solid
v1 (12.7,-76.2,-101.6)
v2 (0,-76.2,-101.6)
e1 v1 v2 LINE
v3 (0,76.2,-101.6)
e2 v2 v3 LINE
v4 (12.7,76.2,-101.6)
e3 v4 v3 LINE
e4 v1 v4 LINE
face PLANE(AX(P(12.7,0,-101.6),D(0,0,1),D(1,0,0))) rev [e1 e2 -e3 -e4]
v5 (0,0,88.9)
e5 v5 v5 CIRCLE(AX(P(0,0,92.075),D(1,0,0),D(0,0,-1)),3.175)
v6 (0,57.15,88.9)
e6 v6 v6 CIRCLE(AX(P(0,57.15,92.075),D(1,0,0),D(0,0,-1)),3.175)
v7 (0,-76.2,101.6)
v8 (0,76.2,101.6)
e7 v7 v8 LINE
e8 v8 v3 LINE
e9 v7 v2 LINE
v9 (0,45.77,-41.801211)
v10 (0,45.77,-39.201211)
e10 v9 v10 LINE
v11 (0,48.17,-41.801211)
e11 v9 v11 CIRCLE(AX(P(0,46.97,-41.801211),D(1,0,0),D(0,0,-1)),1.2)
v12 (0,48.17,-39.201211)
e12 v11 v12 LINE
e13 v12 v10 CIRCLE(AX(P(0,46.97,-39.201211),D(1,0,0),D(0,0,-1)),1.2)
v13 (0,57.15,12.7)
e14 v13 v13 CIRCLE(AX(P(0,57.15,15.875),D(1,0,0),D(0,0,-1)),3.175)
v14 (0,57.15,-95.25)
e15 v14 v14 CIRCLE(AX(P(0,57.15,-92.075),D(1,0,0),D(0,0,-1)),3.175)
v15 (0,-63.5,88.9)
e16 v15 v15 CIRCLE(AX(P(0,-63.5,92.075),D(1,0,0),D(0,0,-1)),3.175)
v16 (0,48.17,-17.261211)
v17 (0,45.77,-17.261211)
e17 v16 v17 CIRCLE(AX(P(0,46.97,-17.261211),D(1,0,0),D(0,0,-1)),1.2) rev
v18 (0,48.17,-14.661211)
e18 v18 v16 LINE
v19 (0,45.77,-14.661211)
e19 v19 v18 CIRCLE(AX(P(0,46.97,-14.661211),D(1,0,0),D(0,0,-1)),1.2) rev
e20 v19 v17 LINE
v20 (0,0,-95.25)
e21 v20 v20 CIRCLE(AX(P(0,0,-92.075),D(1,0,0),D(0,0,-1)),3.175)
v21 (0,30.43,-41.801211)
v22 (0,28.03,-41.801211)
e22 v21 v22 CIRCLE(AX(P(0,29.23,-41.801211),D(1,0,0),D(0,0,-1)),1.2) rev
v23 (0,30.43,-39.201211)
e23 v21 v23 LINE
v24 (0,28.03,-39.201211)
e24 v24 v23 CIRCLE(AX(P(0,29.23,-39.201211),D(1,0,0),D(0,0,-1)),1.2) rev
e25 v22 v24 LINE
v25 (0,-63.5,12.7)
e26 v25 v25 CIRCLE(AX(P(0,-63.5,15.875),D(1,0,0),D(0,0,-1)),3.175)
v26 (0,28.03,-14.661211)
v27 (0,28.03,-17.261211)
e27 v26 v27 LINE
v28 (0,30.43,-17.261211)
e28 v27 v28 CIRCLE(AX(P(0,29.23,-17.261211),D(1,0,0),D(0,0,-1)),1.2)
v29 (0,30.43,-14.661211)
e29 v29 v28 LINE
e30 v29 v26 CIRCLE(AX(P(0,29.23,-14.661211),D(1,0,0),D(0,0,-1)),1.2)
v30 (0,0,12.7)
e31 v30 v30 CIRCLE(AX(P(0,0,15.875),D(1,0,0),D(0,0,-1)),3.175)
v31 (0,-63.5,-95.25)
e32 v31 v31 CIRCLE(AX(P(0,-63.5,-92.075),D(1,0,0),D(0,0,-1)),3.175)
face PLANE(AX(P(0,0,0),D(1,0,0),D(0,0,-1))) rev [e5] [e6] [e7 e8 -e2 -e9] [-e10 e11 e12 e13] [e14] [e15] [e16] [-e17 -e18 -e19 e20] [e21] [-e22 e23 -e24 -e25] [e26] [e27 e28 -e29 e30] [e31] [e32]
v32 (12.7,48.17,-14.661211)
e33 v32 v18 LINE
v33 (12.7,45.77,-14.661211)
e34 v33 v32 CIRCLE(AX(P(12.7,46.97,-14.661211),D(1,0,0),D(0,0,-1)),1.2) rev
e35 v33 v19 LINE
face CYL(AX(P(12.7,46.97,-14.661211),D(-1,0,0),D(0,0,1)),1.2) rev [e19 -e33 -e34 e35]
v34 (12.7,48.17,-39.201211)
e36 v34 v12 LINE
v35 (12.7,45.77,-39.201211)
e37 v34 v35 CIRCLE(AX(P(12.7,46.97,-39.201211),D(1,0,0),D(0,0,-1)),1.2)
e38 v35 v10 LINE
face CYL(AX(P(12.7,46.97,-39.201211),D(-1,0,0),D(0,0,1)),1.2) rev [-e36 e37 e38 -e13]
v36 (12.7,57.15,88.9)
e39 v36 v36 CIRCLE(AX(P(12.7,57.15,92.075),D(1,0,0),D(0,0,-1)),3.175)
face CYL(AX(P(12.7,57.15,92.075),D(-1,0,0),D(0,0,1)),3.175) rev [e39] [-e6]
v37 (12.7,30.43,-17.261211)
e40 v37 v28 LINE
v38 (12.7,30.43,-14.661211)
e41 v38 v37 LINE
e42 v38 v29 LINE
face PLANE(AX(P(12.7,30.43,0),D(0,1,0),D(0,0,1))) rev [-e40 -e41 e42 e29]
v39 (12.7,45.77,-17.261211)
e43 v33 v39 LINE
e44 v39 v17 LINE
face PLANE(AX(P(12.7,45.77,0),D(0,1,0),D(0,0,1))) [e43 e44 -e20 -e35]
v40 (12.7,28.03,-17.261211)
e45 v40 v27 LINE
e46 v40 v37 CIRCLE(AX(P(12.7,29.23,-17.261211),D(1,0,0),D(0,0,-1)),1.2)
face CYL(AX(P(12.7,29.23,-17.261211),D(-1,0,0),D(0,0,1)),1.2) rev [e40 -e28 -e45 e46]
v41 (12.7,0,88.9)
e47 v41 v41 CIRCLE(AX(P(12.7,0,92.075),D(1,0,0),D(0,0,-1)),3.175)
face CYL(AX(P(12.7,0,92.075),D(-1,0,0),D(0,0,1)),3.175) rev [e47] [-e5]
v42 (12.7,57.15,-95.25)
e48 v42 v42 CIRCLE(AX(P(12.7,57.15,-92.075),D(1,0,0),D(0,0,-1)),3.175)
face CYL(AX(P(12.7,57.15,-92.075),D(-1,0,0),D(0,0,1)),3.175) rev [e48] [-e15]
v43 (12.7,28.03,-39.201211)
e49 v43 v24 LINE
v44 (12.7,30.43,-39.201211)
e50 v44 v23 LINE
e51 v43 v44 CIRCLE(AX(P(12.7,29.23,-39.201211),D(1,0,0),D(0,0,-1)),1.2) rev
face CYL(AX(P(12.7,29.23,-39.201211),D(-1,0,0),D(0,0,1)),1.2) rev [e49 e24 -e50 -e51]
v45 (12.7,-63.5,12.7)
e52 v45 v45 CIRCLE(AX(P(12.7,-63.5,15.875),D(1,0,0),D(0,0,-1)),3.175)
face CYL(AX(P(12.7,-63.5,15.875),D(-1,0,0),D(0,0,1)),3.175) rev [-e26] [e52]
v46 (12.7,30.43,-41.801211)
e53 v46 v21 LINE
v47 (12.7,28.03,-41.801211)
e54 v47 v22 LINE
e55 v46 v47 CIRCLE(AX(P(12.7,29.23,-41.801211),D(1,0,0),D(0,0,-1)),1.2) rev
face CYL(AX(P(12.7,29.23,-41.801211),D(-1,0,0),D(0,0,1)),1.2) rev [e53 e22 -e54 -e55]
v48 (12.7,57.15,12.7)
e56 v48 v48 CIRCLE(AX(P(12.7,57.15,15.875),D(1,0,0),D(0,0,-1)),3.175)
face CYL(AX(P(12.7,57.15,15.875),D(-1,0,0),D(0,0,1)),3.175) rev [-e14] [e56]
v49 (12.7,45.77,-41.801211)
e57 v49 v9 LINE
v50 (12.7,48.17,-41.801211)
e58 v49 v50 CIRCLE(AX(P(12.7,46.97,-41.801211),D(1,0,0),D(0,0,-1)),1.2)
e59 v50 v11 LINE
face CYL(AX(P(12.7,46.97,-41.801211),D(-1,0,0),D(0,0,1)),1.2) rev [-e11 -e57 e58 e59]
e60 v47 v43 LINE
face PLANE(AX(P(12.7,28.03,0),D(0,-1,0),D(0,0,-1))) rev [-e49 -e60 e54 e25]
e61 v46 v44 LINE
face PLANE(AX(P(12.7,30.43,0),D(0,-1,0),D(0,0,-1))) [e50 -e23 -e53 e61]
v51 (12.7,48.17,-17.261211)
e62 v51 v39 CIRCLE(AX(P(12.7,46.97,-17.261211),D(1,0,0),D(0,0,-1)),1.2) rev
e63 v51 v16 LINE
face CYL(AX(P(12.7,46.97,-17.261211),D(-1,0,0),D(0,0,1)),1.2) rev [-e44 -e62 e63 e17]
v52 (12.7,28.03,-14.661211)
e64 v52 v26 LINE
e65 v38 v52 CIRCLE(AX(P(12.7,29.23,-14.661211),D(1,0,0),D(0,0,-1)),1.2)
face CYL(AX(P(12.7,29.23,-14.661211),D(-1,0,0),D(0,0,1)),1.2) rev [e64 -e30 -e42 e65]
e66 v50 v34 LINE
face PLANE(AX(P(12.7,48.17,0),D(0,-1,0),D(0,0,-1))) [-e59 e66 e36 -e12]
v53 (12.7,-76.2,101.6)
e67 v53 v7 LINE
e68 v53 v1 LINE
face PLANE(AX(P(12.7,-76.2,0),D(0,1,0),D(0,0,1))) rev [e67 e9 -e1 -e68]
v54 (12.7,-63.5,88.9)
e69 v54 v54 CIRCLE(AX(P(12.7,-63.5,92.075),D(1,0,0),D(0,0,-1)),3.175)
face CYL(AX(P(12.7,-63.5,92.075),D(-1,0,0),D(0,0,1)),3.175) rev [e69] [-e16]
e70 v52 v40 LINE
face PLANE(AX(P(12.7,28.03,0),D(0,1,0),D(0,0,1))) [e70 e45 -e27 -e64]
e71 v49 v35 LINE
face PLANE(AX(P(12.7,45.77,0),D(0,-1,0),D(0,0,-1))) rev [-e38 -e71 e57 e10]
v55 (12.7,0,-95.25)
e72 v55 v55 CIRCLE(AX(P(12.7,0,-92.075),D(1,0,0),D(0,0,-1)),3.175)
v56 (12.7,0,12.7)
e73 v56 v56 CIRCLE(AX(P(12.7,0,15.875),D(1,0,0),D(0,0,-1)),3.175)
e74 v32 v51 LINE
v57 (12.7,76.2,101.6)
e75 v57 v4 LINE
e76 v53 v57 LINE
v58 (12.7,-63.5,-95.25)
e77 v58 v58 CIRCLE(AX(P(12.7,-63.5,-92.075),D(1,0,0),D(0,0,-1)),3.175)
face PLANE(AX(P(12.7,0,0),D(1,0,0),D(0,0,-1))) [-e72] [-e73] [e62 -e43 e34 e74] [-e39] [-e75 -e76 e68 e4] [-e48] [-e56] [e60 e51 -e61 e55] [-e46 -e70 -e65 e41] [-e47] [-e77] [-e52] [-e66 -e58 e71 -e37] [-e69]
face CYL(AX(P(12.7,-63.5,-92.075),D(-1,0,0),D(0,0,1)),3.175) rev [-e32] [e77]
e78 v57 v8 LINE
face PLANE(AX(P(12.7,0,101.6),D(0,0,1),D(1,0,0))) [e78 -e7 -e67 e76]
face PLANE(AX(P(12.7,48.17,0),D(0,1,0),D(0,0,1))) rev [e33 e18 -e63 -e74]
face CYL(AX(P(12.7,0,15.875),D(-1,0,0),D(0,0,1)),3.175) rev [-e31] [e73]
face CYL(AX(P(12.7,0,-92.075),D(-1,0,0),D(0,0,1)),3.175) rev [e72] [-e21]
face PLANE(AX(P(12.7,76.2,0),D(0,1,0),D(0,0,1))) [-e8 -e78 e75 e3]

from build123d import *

# Parameters (mm, degrees)
SKETCH1_W           = 203.2
SKETCH1_H           = 152.4
SKETCH1_R           = 3.175
BOSS_EXTRUDE1_DEPTH = 12.7


with BuildPart() as part:
    # Sketch1 → Boss-Extrude1 (new body)
    with BuildSketch(Plane(origin=(0, 0, 0), x_dir=(0, 0, -1), z_dir=(1, 0, 0))):
        Rectangle(SKETCH1_W, SKETCH1_H)
        with Locations((-15.875, -63.5)):
            Circle(SKETCH1_R, mode=Mode.SUBTRACT)
        with Locations((-15.875, 0)):
            Circle(SKETCH1_R, mode=Mode.SUBTRACT)
        with Locations((92.075, 0)):
            Circle(SKETCH1_R, mode=Mode.SUBTRACT)
        with Locations((92.075, -63.5)):
            Circle(SKETCH1_R, mode=Mode.SUBTRACT)
        with Locations((-92.075, -63.5)):
            Circle(SKETCH1_R, mode=Mode.SUBTRACT)
        with Locations((-92.075, 0)):
            Circle(SKETCH1_R, mode=Mode.SUBTRACT)
        with Locations((92.075, 57.15)):
            Circle(SKETCH1_R, mode=Mode.SUBTRACT)
        with Locations((-15.875, 57.15)):
            Circle(SKETCH1_R, mode=Mode.SUBTRACT)
        with Locations((-92.075, 57.15)):
            Circle(SKETCH1_R, mode=Mode.SUBTRACT)
        with BuildLine():
            ThreePointArc((17.261210647, 30.43), (18.461210647, 29.23), (17.261210647, 28.03))
            Line((17.261210647, 28.03), (14.661210647, 28.03))
            ThreePointArc((14.661210647, 28.03), (13.461210647, 29.23), (14.661210647, 30.43))
            Line((14.661210647, 30.43), (17.261210647, 30.43))
        make_face(mode=Mode.SUBTRACT)
        with BuildLine():
            Line((41.801210647, 28.03), (39.201210647, 28.03))
            ThreePointArc((39.201210647, 28.03), (38.001210647, 29.23), (39.201210647, 30.43))
            Line((39.201210647, 30.43), (41.801210647, 30.43))
            ThreePointArc((41.801210647, 30.43), (43.001210647, 29.23), (41.801210647, 28.03))
        make_face(mode=Mode.SUBTRACT)
        with BuildLine():
            Line((14.661210647, 48.17), (17.261210647, 48.17))
            ThreePointArc((17.261210647, 48.17), (18.461210647, 46.97), (17.261210647, 45.77))
            Line((17.261210647, 45.77), (14.661210647, 45.77))
            ThreePointArc((14.661210647, 45.77), (13.461210647, 46.97), (14.661210647, 48.17))
        make_face(mode=Mode.SUBTRACT)
        with BuildLine():
            ThreePointArc((41.801210647, 48.17), (43.001210647, 46.97), (41.801210647, 45.77))
            Line((41.801210647, 45.77), (39.201210647, 45.77))
            ThreePointArc((39.201210647, 45.77), (38.001210647, 46.97), (39.201210647, 48.17))
            Line((39.201210647, 48.17), (41.801210647, 48.17))
        make_face(mode=Mode.SUBTRACT)
    extrude(amount=BOSS_EXTRUDE1_DEPTH)


solid = part.part
